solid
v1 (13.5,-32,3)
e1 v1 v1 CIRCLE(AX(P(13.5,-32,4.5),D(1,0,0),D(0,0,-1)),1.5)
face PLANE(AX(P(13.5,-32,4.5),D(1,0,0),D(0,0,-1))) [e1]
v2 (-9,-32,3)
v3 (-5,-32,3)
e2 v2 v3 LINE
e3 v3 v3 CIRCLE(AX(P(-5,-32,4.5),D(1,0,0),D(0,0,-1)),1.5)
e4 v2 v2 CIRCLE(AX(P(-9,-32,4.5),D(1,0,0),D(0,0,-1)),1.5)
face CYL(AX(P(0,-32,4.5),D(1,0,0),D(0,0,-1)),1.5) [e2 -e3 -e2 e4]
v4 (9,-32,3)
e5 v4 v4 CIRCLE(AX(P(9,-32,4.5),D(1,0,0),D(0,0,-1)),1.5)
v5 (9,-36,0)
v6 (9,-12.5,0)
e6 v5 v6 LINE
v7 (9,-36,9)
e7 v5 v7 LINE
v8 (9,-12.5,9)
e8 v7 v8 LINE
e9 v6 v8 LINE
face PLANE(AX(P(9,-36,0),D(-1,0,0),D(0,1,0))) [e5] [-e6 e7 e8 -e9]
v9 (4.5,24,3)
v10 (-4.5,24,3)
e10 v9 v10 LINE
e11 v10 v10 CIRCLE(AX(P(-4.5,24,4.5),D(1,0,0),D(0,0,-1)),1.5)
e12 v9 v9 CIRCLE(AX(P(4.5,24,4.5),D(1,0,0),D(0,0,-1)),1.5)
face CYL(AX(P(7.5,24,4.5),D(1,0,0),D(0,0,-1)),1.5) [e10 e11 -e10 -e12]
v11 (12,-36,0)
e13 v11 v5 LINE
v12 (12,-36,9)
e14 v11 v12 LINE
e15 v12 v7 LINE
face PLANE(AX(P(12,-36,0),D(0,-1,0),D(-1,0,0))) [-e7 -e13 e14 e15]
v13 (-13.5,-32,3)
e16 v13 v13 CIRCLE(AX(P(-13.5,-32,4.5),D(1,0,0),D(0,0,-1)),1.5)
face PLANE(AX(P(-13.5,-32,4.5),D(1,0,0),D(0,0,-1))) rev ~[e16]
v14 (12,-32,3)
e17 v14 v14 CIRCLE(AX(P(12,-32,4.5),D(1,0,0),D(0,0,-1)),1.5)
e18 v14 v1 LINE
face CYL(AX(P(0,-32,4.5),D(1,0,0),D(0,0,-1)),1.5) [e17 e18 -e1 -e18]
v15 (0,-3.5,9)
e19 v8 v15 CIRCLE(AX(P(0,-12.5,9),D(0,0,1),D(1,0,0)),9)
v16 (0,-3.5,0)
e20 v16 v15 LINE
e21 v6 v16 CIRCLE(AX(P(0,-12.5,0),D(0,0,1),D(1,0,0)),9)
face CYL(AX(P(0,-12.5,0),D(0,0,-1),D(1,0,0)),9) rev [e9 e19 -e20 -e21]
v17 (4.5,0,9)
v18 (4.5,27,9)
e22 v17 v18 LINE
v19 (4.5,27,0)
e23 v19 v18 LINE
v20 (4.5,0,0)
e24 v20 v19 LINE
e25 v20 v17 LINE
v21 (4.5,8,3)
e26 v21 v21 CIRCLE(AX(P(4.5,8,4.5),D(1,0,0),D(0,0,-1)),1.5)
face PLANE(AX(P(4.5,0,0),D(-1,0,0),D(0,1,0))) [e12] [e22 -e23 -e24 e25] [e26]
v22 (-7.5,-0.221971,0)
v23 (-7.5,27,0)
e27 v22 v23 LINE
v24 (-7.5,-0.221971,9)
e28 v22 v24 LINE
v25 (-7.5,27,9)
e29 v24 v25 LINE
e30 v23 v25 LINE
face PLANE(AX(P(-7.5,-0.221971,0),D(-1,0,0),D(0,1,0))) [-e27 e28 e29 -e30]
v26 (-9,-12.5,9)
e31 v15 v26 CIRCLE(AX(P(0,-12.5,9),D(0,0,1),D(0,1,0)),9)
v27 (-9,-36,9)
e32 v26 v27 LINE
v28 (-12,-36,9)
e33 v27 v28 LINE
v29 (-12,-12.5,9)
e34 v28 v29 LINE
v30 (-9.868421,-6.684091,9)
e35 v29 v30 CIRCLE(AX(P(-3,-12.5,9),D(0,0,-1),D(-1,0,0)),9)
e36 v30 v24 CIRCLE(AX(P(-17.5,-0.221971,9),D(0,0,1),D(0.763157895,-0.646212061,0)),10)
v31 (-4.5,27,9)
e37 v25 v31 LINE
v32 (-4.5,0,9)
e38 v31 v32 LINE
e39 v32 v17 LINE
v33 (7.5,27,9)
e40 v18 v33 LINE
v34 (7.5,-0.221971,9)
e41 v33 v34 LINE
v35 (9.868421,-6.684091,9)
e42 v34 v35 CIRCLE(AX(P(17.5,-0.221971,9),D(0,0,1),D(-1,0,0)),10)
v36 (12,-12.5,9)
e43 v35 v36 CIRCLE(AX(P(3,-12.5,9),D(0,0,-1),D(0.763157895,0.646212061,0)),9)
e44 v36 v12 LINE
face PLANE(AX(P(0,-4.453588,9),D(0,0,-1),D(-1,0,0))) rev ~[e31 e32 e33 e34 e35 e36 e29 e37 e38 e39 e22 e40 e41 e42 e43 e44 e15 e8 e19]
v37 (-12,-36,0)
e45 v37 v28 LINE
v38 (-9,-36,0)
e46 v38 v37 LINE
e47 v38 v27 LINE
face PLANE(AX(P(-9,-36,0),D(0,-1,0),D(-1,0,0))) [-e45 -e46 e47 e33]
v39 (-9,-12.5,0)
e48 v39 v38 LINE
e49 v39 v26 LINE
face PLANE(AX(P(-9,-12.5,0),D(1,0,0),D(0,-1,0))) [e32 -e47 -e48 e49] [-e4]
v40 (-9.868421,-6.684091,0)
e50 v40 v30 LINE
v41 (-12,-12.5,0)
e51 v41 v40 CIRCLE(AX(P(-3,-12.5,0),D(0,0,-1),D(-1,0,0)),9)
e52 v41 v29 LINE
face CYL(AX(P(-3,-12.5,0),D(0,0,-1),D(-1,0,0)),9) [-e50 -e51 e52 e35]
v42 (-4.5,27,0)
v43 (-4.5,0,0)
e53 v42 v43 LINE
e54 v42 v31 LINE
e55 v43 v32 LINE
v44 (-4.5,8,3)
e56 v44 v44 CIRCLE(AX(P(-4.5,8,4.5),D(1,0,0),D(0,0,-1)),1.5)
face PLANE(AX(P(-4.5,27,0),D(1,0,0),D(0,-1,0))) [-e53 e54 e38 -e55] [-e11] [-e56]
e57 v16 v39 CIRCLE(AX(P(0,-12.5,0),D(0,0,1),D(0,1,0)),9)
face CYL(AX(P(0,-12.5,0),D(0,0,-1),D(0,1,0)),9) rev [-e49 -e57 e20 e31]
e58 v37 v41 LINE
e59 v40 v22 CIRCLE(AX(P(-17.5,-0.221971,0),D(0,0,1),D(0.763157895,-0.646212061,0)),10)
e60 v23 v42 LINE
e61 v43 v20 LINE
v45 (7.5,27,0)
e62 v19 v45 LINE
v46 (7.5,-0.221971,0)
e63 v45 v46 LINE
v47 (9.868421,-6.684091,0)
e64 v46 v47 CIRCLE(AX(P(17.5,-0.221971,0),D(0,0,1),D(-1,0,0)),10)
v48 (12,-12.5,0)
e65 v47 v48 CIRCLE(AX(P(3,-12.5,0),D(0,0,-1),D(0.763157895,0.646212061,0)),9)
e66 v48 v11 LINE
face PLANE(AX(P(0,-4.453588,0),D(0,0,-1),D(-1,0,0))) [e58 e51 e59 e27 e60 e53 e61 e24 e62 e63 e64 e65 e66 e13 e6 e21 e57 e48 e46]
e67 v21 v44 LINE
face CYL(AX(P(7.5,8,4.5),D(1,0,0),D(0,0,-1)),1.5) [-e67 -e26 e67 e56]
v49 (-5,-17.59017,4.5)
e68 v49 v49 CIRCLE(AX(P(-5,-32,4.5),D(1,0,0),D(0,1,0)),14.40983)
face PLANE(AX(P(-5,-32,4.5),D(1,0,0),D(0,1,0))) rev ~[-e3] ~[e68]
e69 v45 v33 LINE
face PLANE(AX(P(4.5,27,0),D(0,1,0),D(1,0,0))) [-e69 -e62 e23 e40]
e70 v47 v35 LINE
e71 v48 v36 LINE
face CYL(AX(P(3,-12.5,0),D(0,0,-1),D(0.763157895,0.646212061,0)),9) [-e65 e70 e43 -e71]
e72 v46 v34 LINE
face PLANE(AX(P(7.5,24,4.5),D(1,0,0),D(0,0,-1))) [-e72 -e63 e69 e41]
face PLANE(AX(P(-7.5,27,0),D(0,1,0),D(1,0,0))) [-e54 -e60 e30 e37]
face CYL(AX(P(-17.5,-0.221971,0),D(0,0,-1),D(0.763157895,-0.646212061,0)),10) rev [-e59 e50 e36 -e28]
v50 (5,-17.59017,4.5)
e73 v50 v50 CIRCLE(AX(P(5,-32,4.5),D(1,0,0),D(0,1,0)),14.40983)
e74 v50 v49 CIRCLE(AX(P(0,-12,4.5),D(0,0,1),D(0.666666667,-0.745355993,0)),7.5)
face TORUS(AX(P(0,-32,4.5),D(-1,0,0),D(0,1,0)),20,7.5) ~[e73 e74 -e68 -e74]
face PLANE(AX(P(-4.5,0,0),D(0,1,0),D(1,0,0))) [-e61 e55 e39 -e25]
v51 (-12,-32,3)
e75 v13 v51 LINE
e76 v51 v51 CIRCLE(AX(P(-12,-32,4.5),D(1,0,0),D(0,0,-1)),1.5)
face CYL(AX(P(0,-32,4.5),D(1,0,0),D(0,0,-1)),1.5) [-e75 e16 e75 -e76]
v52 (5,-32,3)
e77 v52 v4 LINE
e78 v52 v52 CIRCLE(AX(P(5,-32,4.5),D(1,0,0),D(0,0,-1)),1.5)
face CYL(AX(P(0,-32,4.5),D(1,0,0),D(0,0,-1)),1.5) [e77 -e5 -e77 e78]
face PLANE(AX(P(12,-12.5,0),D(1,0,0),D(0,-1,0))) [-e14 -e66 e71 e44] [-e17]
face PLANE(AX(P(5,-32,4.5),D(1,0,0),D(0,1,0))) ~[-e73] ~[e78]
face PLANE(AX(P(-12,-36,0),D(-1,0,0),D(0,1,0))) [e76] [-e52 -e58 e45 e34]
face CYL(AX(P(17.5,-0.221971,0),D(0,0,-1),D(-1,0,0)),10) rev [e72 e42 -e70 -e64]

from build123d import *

# Parameters (mm, degrees)
BOSS_EXTRUDE1_DEPTH = 9
SKETCH3_R           = 1.5
BOSS_EXTRUDE2_DEPTH = 13.5
SKETCH2_R           = 1.5
BOSS_EXTRUDE3_DEPTH = 15


with BuildPart() as part:
    # Sketch1 → Boss-Extrude1 (new body)
    with BuildSketch(Plane.XY):
        with BuildLine():
            Line((-7.5, 27), (-4.5, 27))
            Line((-4.5, 27), (-4.5, 0))
            Line((-4.5, 0), (4.5, 0))
            Line((4.5, 0), (4.5, 27))
            Line((4.5, 27), (7.5, 27))
            Line((7.5, 27), (7.5, -0.221970842))
            ThreePointArc((7.5, -0.221970842), (8.110756434, -3.66320685), (9.868421053, -6.684091452))
            ThreePointArc((9.868421053, -6.684091452), (11.450319209, -9.402887593), (12, -12.5))
            Line((12, -12.5), (12, -36))
            Line((12, -36), (9, -36))
            Line((9, -36), (9, -12.5))
            ThreePointArc((9, -12.5), (6.363961031, -6.136038969), (0, -3.5))
            ThreePointArc((0, -3.5), (-6.363961031, -6.136038969), (-9, -12.5))
            Line((-9, -12.5), (-9, -36))
            Line((-9, -36), (-12, -36))
            Line((-12, -36), (-12, -12.5))
            ThreePointArc((-12, -12.5), (-11.450319209, -9.402887593), (-9.868421053, -6.684091452))
            ThreePointArc((-9.868421053, -6.684091452), (-8.110756434, -3.66320685), (-7.5, -0.221970842))
            Line((-7.5, -0.221970842), (-7.5, 27))
        make_face()
    extrude(amount=BOSS_EXTRUDE1_DEPTH)

    # Sketch3 → Boss-Extrude2 (add, symmetric)
    with BuildSketch(Plane(origin=(0, 0, 0), x_dir=(0, 0, -1), z_dir=(1, 0, 0))):
        with Locations((-4.5, -32)):
            Circle(SKETCH3_R)
    extrude(amount=BOSS_EXTRUDE2_DEPTH, both=True)

    # Sketch4 → Revolve1 (revolve)
    with BuildSketch(Plane.XY.offset(4.5)):
        with BuildLine():
            Line((-5, -32), (5, -32))
            Line((5, -32), (5, -17.590169944))
            ThreePointArc((5, -17.590169944), (0, -4.5), (-5, -17.590169944))
            Line((-5, -17.590169944), (-5, -32))
        make_face()
    revolve(axis=Axis((-13.5, -32, 4.5), (1, 0, 0)))

    # Sketch2 → Boss-Extrude3 (add)
    with BuildSketch(Plane(origin=(7.5, 0, 0), x_dir=(0, 0, -1), z_dir=(1, 0, 0))):
        with Locations((-4.5, 24)):
            Circle(SKETCH2_R)
        with Locations((-4.5, 8)):
            Circle(SKETCH2_R)
    extrude(amount=-BOSS_EXTRUDE3_DEPTH)


solid = part.part
